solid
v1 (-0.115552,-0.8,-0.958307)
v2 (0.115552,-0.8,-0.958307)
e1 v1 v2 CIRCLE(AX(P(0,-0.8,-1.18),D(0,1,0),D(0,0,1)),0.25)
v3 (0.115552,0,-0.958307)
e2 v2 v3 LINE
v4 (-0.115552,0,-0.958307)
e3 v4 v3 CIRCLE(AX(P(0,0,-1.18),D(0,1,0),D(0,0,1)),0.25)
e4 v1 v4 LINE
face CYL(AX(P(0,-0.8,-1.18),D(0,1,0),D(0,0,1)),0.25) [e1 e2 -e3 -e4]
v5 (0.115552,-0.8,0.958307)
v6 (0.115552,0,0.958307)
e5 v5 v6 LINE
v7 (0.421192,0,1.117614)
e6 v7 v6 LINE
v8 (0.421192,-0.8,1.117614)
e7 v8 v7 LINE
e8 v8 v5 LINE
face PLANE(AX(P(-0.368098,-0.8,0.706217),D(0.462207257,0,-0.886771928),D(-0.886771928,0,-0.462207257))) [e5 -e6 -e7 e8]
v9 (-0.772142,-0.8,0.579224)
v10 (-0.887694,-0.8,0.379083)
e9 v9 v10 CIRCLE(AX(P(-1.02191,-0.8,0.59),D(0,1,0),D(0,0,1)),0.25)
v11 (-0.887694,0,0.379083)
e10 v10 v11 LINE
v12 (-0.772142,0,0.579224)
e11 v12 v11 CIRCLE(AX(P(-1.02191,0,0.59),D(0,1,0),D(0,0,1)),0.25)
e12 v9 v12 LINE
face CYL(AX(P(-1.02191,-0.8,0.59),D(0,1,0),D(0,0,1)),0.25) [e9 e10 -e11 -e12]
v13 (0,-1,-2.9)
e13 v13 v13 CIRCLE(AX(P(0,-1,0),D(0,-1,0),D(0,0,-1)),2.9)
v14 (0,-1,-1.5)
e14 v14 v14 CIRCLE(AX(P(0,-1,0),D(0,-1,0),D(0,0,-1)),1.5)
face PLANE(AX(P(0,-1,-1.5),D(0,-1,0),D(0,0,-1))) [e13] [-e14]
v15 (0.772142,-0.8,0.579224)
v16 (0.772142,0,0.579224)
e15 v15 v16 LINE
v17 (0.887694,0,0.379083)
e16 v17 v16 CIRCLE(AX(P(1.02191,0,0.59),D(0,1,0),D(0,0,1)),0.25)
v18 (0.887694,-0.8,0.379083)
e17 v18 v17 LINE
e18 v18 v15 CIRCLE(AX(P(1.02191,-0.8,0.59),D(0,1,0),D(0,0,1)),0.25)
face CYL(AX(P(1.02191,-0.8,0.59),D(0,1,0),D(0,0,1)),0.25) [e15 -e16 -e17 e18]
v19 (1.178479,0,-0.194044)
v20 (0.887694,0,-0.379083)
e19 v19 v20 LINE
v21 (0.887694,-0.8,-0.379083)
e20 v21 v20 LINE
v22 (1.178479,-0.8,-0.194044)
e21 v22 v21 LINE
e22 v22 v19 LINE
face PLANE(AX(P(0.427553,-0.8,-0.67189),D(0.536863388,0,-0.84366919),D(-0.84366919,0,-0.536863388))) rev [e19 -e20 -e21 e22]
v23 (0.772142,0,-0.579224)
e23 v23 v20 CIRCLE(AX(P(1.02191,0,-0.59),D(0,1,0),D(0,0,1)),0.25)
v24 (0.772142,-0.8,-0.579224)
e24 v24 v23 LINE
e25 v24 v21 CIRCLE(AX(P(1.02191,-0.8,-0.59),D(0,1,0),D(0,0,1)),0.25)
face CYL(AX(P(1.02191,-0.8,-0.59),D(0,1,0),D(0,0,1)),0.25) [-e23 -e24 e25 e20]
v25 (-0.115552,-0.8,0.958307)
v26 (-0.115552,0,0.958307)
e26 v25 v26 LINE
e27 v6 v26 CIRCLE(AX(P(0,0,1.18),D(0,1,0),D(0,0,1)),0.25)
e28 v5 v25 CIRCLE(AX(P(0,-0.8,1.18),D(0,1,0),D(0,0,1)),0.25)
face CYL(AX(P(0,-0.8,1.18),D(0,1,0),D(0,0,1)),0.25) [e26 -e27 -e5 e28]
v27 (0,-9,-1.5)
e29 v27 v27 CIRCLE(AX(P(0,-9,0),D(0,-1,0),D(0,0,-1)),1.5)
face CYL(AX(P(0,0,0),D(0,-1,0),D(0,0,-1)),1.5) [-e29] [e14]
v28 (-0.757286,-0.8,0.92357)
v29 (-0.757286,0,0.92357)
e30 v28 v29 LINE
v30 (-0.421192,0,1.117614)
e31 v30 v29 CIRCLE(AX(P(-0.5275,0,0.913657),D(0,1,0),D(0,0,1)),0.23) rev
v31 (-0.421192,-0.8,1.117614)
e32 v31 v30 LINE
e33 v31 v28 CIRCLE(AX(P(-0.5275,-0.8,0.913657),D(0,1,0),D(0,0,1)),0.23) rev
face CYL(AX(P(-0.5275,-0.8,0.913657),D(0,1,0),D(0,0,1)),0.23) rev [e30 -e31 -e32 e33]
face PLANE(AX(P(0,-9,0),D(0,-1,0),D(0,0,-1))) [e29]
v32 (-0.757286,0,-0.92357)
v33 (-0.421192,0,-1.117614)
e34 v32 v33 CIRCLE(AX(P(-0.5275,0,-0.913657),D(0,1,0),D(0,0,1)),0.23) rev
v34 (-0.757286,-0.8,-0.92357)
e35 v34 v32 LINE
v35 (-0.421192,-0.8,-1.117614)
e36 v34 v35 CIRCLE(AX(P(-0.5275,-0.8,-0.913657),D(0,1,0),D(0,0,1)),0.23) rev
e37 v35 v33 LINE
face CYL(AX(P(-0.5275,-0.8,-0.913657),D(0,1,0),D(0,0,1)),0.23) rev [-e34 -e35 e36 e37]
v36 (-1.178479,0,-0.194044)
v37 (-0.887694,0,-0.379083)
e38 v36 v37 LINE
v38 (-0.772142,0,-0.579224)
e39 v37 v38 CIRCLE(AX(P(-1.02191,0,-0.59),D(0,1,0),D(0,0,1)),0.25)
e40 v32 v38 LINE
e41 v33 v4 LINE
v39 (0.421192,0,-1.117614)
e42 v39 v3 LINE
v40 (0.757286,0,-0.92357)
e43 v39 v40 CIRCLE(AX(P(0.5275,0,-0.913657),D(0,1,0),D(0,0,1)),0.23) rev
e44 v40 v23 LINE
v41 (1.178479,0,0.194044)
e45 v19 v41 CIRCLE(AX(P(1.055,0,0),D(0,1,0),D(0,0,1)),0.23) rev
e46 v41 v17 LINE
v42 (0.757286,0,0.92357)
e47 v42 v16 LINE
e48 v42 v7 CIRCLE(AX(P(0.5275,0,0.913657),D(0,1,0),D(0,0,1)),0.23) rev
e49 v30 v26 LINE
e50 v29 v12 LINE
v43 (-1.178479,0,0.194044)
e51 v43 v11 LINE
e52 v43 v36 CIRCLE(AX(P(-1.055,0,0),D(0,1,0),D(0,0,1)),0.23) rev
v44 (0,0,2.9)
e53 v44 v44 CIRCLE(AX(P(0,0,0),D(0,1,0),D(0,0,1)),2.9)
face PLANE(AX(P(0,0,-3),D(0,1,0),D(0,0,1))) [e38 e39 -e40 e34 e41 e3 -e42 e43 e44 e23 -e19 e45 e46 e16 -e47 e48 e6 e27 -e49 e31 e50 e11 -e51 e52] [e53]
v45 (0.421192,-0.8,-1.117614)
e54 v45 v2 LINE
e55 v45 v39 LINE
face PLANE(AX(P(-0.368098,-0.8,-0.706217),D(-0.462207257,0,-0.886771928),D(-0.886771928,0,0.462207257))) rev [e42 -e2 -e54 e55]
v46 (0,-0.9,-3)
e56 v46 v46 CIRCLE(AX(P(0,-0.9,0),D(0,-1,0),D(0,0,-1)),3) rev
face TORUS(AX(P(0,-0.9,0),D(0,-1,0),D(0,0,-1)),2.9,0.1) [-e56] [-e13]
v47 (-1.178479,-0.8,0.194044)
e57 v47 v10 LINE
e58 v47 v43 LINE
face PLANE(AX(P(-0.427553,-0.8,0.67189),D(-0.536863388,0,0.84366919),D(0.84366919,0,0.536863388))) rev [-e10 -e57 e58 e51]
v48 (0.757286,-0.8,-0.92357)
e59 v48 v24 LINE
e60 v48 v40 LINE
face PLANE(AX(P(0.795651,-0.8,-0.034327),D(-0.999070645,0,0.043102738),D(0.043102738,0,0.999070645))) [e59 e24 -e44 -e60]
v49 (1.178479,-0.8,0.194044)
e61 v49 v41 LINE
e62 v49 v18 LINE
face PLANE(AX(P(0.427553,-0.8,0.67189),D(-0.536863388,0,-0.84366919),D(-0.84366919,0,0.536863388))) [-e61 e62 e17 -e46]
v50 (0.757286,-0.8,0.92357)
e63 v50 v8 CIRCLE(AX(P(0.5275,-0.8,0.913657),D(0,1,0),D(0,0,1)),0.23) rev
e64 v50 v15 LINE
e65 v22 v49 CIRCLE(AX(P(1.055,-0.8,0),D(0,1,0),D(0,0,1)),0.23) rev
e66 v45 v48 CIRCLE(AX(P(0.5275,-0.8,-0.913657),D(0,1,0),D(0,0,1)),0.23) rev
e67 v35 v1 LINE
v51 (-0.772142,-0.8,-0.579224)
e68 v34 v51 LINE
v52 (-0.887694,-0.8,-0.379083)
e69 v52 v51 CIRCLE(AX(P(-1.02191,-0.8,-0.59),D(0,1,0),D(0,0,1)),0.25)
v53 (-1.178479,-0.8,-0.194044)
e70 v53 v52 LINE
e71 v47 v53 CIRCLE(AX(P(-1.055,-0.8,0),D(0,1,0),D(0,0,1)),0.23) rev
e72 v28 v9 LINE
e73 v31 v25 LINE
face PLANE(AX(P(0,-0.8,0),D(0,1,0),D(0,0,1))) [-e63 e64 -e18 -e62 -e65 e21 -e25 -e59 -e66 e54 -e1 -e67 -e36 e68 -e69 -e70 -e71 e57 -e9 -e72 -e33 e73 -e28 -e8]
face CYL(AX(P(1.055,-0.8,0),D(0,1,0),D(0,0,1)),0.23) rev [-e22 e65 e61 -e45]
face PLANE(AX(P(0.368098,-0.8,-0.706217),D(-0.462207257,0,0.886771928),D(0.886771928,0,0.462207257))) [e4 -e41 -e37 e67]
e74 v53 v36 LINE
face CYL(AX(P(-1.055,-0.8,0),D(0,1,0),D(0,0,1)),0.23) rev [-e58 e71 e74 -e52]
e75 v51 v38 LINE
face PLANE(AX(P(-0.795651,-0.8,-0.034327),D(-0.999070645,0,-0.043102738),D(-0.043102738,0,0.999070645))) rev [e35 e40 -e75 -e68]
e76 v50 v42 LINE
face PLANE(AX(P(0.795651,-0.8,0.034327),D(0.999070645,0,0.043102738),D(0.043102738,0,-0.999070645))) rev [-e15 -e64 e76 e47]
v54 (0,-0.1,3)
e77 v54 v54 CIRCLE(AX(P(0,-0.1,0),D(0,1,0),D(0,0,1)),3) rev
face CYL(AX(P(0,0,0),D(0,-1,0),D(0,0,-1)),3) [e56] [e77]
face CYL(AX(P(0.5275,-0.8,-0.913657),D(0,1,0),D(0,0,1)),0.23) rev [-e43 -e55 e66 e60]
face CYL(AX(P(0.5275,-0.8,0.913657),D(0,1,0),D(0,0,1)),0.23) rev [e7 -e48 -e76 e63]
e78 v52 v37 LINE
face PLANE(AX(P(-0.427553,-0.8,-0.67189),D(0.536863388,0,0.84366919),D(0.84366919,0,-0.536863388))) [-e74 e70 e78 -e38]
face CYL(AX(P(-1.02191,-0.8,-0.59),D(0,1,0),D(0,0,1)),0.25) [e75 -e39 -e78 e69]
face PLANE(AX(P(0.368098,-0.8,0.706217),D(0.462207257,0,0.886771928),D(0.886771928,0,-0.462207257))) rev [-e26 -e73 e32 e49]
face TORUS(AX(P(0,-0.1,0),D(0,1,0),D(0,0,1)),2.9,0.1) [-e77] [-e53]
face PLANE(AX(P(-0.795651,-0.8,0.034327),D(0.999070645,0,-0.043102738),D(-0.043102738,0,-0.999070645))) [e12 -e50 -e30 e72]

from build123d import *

# Parameters (mm, degrees)
FILLET1_R          = 0.1
SKETCH2_R          = 0.93
CUT_EXTRUDE1_DEPTH = 0.8


with BuildPart() as part:
    # Sketch1 → Revolve1 (revolve)
    with BuildSketch(Plane(origin=(0, 0, 0), x_dir=(0, 0, -1), z_dir=(1, 0, 0))):
        Polygon((0, 0), (0, -9), (1.5, -9), (1.5, -1), (3, -1), (3, 0), align=None)
    revolve(axis=Axis((0, 0, 0), (0, 1, 0)))

    # Fillet1
    fillet1_edges = [part.edges().sort_by_distance(p)[0] for p in [
        (0, 0, 3),
        (0, -1, 3),
    ]]
    fillet(fillet1_edges, radius=FILLET1_R)

    # Sketch2 → Cut-Extrude1 (cut)
    with BuildSketch(Plane(origin=(0, 0, 0), x_dir=(1, 0, 0), z_dir=(0, 1, 0))):
        Circle(SKETCH2_R)
        with BuildLine():
            ThreePointArc((0.757286248, 0.923570431), (0.724160575, 1.032923804), (0.6425, 1.112842644))
            ThreePointArc((0.6425, 1.112842644), (0.532457967, 1.143603357), (0.421192331, 1.117614344))
            Line((0.421192331, 1.117614344), (0.115551814, 0.958307018))
            ThreePointArc((0.115551814, 0.958307018), (0.059484261, 0.937179855), (0, 0.93))
            ThreePointArc((0, 0.93), (0.465000014, 0.805403617), (0.805403642, 0.464999972))
            ThreePointArc((0.805403642, 0.464999972), (0.781879437, 0.520104793), (0.772142315, 0.579224316))
            Line((0.772142315, 0.579224316), (0.757286248, 0.923570431))
        make_face()
        with BuildLine():
            ThreePointArc((-0.6425, 1.112842644), (-0.724160575, 1.032923804), (-0.757286248, 0.923570431))
            Line((-0.757286248, 0.923570431), (-0.772142315, 0.579224316))
            ThreePointArc((-0.772142315, 0.579224316), (-0.781879432, 0.52010481), (-0.805403624, 0.465000003))
            ThreePointArc((-0.805403624, 0.465000003), (-0.464999999, 0.805403626), (0, 0.93))
            ThreePointArc((0, 0.93), (-0.059484261, 0.937179855), (-0.115551814, 0.958307018))
            Line((-0.115551814, 0.958307018), (-0.421192331, 1.117614344))
            ThreePointArc((-0.421192331, 1.117614344), (-0.532457967, 1.143603357), (-0.6425, 1.112842644))
        make_face()
        with BuildLine():
            ThreePointArc((-0.805403626, -0.464999999), (-0.93, 2e-09), (-0.805403624, 0.465000003))
            ThreePointArc((-0.805403624, 0.465000003), (-0.841363692, 0.417075048), (-0.887694129, 0.379082702))
            Line((-0.887694129, 0.379082702), (-1.178478579, 0.194043914))
            ThreePointArc((-1.178478579, 0.194043914), (-1.256618542, 0.110679553), (-1.285, 0))
            ThreePointArc((-1.285, 0), (-1.256618542, -0.110679553), (-1.178478579, -0.194043914))
            Line((-1.178478579, -0.194043914), (-0.887694129, -0.379082702))
            ThreePointArc((-0.887694129, -0.379082702), (-0.841363693, -0.417075046), (-0.805403626, -0.464999999))
        make_face()
        with BuildLine():
            ThreePointArc((-3e-09, -0.93), (-0.465000002, -0.805403625), (-0.805403626, -0.464999999))
            ThreePointArc((-0.805403626, -0.464999999), (-0.781879432, -0.520104808), (-0.772142315, -0.579224316))
            Line((-0.772142315, -0.579224316), (-0.757286248, -0.923570431))
            ThreePointArc((-0.757286248, -0.923570431), (-0.724160575, -1.032923804), (-0.6425, -1.112842644))
            ThreePointArc((-0.6425, -1.112842644), (-0.532457967, -1.143603357), (-0.421192331, -1.117614344))
            Line((-0.421192331, -1.117614344), (-0.115551814, -0.958307018))
            ThreePointArc((-0.115551814, -0.958307018), (-0.059484262, -0.937179855), (-3e-09, -0.93))
        make_face()
        with BuildLine():
            ThreePointArc((0.805403624, -0.465000003), (0.464999998, -0.805403627), (-3e-09, -0.93))
            ThreePointArc((-3e-09, -0.93), (0.059484259, -0.937179855), (0.115551814, -0.958307018))
            Line((0.115551814, -0.958307018), (0.421192331, -1.117614344))
            ThreePointArc((0.421192331, -1.117614344), (0.532457967, -1.143603357), (0.6425, -1.112842644))
            ThreePointArc((0.6425, -1.112842644), (0.724160575, -1.032923804), (0.757286248, -0.923570431))
            Line((0.757286248, -0.923570431), (0.772142315, -0.579224316))
            ThreePointArc((0.772142315, -0.579224316), (0.781879432, -0.52010481), (0.805403624, -0.465000003))
        make_face()
        with BuildLine():
            ThreePointArc((1.178478579, -0.194043914), (1.256618542, -0.110679553), (1.285, 0))
            ThreePointArc((1.285, 0), (1.256618542, 0.110679553), (1.178478579, 0.194043914))
            Line((1.178478579, 0.194043914), (0.887694129, 0.379082702))
            ThreePointArc((0.887694129, 0.379082702), (0.841363704, 0.417075035), (0.805403642, 0.464999972))
            ThreePointArc((0.805403642, 0.464999972), (0.898311023, 0.240701696), (0.93, 0))
            ThreePointArc((0.93, 0), (0.898311018, -0.240701713), (0.805403624, -0.465000003))
            ThreePointArc((0.805403624, -0.465000003), (0.841363692, -0.417075048), (0.887694129, -0.379082702))
            Line((0.887694129, -0.379082702), (1.178478579, -0.194043914))
        make_face()
    extrude(amount=-CUT_EXTRUDE1_DEPTH, mode=Mode.SUBTRACT)


solid = part.part
